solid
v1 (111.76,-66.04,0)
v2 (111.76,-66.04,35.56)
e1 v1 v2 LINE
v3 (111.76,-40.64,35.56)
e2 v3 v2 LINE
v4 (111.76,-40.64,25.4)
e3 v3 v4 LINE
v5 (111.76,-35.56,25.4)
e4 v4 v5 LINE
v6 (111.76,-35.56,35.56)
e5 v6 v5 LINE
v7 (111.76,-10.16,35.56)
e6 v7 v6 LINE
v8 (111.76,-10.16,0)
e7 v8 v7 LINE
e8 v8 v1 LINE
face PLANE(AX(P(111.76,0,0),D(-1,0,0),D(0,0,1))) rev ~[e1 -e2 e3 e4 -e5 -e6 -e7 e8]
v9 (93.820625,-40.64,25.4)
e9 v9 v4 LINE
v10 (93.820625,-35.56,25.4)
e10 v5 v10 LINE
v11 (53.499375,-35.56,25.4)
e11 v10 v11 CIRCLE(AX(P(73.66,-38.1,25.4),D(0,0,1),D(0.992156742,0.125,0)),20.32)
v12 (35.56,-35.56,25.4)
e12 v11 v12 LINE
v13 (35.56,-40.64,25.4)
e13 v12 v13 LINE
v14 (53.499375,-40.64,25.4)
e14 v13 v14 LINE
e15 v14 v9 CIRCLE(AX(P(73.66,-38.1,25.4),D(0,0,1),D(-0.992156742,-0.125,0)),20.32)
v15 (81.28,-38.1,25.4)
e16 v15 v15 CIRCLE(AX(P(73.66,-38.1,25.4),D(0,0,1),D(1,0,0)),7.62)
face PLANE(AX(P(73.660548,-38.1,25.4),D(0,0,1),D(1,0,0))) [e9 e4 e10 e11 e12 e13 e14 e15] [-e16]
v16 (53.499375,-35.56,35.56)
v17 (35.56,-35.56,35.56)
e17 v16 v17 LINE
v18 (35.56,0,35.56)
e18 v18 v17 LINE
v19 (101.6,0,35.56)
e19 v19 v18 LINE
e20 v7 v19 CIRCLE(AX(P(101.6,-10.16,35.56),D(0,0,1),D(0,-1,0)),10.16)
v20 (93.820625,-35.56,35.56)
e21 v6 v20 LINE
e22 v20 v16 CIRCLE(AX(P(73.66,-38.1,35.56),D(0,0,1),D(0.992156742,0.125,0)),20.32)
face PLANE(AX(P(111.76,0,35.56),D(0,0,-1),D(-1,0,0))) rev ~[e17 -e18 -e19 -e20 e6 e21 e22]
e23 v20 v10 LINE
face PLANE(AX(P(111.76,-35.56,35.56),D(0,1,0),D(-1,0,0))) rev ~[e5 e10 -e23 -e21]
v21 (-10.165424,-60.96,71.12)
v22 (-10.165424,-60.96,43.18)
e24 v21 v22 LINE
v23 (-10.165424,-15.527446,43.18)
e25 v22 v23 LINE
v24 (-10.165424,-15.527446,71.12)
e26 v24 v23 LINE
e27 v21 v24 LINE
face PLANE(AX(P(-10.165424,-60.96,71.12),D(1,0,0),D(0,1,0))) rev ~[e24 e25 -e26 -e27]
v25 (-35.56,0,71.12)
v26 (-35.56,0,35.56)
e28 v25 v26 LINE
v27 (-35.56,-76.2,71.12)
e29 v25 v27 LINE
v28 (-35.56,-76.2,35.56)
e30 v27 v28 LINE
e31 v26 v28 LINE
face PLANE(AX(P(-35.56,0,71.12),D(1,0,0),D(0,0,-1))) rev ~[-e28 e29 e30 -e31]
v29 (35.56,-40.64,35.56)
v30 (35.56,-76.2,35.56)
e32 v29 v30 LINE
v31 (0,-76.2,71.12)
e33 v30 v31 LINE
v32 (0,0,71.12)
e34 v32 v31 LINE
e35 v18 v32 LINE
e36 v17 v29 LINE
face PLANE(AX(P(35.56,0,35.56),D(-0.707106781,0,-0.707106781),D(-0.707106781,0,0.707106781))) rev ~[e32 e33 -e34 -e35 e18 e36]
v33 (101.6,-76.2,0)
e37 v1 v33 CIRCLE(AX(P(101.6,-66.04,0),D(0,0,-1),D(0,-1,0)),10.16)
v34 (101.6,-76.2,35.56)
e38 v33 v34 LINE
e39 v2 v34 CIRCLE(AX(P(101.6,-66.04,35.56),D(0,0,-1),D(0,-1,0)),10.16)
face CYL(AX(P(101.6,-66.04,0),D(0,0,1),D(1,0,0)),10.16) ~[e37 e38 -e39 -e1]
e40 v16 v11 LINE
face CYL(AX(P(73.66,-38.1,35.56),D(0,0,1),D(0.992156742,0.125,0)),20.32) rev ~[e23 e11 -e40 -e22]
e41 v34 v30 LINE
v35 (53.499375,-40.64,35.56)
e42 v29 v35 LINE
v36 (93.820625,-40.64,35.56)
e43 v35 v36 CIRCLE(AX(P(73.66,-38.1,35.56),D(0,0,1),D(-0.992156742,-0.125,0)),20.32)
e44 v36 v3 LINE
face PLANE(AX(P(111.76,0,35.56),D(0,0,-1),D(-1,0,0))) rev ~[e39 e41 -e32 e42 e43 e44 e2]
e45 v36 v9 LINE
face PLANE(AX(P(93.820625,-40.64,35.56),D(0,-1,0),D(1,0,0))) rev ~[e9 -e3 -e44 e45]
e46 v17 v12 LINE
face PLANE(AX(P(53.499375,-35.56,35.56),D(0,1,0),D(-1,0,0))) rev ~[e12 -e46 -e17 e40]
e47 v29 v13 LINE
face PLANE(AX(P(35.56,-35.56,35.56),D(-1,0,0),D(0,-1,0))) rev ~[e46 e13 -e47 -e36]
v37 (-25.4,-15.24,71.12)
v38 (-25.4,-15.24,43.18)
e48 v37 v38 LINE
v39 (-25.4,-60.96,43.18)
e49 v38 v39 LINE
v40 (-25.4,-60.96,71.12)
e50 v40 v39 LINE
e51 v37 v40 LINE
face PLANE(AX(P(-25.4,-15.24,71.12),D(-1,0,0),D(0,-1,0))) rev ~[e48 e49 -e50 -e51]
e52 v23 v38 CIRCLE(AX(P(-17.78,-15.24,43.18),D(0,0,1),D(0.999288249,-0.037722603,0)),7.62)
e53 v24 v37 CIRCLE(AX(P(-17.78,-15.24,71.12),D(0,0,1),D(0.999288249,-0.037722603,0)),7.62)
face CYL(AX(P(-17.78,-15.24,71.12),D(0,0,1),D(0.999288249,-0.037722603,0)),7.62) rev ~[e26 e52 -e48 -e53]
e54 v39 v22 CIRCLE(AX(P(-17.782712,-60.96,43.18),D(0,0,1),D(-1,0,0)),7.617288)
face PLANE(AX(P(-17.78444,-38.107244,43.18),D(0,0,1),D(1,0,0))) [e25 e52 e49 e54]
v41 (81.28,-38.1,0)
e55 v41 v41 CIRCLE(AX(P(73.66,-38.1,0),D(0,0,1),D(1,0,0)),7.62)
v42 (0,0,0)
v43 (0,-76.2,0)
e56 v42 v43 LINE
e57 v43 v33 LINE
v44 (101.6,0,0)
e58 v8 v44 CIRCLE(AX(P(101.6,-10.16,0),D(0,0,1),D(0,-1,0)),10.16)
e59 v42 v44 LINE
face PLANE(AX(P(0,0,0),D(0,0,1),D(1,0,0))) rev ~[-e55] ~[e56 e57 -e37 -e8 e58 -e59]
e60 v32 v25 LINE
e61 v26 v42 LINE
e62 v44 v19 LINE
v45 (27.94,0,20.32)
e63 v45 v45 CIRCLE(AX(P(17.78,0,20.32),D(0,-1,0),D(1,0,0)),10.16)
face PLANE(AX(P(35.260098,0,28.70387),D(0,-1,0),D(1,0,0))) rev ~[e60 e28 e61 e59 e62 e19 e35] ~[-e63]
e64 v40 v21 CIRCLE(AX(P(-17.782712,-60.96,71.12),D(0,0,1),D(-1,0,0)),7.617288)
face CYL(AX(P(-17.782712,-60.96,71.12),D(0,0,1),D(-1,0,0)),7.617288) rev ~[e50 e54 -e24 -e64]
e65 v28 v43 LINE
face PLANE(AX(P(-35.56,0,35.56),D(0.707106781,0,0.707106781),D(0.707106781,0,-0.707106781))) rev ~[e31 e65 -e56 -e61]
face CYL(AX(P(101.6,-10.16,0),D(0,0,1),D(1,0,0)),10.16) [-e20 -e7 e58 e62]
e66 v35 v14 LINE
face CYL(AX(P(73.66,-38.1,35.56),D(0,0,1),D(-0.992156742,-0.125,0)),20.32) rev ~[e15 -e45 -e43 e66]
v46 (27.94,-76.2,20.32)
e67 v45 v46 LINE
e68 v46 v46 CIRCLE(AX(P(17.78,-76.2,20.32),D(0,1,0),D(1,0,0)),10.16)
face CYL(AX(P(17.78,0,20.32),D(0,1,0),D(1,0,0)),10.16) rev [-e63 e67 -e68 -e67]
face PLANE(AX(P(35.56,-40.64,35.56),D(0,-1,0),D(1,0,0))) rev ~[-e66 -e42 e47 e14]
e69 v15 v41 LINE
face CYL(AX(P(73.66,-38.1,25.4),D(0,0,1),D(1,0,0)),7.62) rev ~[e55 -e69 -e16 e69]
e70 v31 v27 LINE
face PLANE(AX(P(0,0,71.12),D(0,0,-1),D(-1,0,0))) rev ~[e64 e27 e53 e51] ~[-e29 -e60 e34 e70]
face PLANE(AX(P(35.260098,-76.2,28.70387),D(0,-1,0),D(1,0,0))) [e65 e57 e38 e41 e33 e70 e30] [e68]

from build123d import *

# Parameters (mm, degrees)
F1_DEPTH  = 76.2
F2_R      = 10.16
F3_R      = 10.16
F4_DEPTH  = 76.201
F6_DEPTH  = 27.94
F8_DEPTH  = 10.16
F9_R      = 7.62
F10_DEPTH = 25.401


with BuildPart() as f1:
    # F0 (on Front) → F1 (new body)
    with BuildSketch(Plane.XZ):
        Polygon((-35.56, 35.56), (0, 0), (111.76, 0), (111.76, 35.56), (35.56, 35.56), (0, 71.12), (-35.56, 71.12), align=None)
    extrude(amount=F1_DEPTH)

    # F2
    f2_edges = [f1.edges().sort_by_distance(p)[0] for p in [
        (111.76, -76.2, 17.78),
        (111.76, 0, 17.78),
    ]]
    fillet(f2_edges, radius=F2_R)

    # F3 (on Front) → F4 (cut, through all)
    with BuildSketch(Plane.XZ):
        with Locations((17.78, 20.32)):
            Circle(F3_R)
    extrude(amount=F4_DEPTH, mode=Mode.SUBTRACT)

    # F5 (on face) → F6 (cut)
    with BuildSketch(Plane.XY.offset(71.12)):
        with BuildLine():
            ThreePointArc((-10.165424, -15.527446), (-17.636252, -7.621356), (-25.4, -15.24))
            Line((-25.4, -15.24), (-25.4, -60.96))
            ThreePointArc((-25.4, -60.96), (-17.782712, -68.577288), (-10.165424, -60.96))
            Line((-10.165424, -60.96), (-10.165424, -15.527446))
        make_face()
    extrude(amount=-F6_DEPTH, mode=Mode.SUBTRACT)

    # F7 (on face) → F8 (cut)
    with BuildSketch(Plane.XY.offset(35.56)):
        with BuildLine():
            ThreePointArc((93.820625, -40.64), (93.940117, -39.372498), (93.98, -38.1))
            ThreePointArc((93.98, -38.1), (93.940117, -36.827502), (93.820625, -35.56))
            ThreePointArc((93.820625, -35.56), (73.66, -17.78), (53.499375, -35.56))
            ThreePointArc((53.499375, -35.56), (53.34, -38.1), (53.499375, -40.64))
            ThreePointArc((53.499375, -40.64), (73.66, -58.42), (93.820625, -40.64))
        make_face()
        with BuildLine():
            ThreePointArc((93.820625, -35.56), (93.940117, -36.827502), (93.98, -38.1))
            ThreePointArc((93.98, -38.1), (93.940117, -39.372498), (93.820625, -40.64))
            Line((93.820625, -40.64), (111.76, -40.64))
            Line((111.76, -40.64), (111.76, -35.56))
            Line((111.76, -35.56), (93.820625, -35.56))
        make_face()
        with BuildLine():
            ThreePointArc((53.499375, -40.64), (53.34, -38.1), (53.499375, -35.56))
            Line((53.499375, -35.56), (35.56, -35.56))
            Line((35.56, -35.56), (35.56, -40.64))
            Line((35.56, -40.64), (53.499375, -40.64))
        make_face()
    extrude(amount=-F8_DEPTH, mode=Mode.SUBTRACT)

    # F9 (on face) → F10 (cut, through all)
    with BuildSketch(Plane.XY.offset(25.4)):
        with Locations((73.66, -38.1)):
            Circle(F9_R)
    extrude(amount=-F10_DEPTH, mode=Mode.SUBTRACT)


solid = f1.part
